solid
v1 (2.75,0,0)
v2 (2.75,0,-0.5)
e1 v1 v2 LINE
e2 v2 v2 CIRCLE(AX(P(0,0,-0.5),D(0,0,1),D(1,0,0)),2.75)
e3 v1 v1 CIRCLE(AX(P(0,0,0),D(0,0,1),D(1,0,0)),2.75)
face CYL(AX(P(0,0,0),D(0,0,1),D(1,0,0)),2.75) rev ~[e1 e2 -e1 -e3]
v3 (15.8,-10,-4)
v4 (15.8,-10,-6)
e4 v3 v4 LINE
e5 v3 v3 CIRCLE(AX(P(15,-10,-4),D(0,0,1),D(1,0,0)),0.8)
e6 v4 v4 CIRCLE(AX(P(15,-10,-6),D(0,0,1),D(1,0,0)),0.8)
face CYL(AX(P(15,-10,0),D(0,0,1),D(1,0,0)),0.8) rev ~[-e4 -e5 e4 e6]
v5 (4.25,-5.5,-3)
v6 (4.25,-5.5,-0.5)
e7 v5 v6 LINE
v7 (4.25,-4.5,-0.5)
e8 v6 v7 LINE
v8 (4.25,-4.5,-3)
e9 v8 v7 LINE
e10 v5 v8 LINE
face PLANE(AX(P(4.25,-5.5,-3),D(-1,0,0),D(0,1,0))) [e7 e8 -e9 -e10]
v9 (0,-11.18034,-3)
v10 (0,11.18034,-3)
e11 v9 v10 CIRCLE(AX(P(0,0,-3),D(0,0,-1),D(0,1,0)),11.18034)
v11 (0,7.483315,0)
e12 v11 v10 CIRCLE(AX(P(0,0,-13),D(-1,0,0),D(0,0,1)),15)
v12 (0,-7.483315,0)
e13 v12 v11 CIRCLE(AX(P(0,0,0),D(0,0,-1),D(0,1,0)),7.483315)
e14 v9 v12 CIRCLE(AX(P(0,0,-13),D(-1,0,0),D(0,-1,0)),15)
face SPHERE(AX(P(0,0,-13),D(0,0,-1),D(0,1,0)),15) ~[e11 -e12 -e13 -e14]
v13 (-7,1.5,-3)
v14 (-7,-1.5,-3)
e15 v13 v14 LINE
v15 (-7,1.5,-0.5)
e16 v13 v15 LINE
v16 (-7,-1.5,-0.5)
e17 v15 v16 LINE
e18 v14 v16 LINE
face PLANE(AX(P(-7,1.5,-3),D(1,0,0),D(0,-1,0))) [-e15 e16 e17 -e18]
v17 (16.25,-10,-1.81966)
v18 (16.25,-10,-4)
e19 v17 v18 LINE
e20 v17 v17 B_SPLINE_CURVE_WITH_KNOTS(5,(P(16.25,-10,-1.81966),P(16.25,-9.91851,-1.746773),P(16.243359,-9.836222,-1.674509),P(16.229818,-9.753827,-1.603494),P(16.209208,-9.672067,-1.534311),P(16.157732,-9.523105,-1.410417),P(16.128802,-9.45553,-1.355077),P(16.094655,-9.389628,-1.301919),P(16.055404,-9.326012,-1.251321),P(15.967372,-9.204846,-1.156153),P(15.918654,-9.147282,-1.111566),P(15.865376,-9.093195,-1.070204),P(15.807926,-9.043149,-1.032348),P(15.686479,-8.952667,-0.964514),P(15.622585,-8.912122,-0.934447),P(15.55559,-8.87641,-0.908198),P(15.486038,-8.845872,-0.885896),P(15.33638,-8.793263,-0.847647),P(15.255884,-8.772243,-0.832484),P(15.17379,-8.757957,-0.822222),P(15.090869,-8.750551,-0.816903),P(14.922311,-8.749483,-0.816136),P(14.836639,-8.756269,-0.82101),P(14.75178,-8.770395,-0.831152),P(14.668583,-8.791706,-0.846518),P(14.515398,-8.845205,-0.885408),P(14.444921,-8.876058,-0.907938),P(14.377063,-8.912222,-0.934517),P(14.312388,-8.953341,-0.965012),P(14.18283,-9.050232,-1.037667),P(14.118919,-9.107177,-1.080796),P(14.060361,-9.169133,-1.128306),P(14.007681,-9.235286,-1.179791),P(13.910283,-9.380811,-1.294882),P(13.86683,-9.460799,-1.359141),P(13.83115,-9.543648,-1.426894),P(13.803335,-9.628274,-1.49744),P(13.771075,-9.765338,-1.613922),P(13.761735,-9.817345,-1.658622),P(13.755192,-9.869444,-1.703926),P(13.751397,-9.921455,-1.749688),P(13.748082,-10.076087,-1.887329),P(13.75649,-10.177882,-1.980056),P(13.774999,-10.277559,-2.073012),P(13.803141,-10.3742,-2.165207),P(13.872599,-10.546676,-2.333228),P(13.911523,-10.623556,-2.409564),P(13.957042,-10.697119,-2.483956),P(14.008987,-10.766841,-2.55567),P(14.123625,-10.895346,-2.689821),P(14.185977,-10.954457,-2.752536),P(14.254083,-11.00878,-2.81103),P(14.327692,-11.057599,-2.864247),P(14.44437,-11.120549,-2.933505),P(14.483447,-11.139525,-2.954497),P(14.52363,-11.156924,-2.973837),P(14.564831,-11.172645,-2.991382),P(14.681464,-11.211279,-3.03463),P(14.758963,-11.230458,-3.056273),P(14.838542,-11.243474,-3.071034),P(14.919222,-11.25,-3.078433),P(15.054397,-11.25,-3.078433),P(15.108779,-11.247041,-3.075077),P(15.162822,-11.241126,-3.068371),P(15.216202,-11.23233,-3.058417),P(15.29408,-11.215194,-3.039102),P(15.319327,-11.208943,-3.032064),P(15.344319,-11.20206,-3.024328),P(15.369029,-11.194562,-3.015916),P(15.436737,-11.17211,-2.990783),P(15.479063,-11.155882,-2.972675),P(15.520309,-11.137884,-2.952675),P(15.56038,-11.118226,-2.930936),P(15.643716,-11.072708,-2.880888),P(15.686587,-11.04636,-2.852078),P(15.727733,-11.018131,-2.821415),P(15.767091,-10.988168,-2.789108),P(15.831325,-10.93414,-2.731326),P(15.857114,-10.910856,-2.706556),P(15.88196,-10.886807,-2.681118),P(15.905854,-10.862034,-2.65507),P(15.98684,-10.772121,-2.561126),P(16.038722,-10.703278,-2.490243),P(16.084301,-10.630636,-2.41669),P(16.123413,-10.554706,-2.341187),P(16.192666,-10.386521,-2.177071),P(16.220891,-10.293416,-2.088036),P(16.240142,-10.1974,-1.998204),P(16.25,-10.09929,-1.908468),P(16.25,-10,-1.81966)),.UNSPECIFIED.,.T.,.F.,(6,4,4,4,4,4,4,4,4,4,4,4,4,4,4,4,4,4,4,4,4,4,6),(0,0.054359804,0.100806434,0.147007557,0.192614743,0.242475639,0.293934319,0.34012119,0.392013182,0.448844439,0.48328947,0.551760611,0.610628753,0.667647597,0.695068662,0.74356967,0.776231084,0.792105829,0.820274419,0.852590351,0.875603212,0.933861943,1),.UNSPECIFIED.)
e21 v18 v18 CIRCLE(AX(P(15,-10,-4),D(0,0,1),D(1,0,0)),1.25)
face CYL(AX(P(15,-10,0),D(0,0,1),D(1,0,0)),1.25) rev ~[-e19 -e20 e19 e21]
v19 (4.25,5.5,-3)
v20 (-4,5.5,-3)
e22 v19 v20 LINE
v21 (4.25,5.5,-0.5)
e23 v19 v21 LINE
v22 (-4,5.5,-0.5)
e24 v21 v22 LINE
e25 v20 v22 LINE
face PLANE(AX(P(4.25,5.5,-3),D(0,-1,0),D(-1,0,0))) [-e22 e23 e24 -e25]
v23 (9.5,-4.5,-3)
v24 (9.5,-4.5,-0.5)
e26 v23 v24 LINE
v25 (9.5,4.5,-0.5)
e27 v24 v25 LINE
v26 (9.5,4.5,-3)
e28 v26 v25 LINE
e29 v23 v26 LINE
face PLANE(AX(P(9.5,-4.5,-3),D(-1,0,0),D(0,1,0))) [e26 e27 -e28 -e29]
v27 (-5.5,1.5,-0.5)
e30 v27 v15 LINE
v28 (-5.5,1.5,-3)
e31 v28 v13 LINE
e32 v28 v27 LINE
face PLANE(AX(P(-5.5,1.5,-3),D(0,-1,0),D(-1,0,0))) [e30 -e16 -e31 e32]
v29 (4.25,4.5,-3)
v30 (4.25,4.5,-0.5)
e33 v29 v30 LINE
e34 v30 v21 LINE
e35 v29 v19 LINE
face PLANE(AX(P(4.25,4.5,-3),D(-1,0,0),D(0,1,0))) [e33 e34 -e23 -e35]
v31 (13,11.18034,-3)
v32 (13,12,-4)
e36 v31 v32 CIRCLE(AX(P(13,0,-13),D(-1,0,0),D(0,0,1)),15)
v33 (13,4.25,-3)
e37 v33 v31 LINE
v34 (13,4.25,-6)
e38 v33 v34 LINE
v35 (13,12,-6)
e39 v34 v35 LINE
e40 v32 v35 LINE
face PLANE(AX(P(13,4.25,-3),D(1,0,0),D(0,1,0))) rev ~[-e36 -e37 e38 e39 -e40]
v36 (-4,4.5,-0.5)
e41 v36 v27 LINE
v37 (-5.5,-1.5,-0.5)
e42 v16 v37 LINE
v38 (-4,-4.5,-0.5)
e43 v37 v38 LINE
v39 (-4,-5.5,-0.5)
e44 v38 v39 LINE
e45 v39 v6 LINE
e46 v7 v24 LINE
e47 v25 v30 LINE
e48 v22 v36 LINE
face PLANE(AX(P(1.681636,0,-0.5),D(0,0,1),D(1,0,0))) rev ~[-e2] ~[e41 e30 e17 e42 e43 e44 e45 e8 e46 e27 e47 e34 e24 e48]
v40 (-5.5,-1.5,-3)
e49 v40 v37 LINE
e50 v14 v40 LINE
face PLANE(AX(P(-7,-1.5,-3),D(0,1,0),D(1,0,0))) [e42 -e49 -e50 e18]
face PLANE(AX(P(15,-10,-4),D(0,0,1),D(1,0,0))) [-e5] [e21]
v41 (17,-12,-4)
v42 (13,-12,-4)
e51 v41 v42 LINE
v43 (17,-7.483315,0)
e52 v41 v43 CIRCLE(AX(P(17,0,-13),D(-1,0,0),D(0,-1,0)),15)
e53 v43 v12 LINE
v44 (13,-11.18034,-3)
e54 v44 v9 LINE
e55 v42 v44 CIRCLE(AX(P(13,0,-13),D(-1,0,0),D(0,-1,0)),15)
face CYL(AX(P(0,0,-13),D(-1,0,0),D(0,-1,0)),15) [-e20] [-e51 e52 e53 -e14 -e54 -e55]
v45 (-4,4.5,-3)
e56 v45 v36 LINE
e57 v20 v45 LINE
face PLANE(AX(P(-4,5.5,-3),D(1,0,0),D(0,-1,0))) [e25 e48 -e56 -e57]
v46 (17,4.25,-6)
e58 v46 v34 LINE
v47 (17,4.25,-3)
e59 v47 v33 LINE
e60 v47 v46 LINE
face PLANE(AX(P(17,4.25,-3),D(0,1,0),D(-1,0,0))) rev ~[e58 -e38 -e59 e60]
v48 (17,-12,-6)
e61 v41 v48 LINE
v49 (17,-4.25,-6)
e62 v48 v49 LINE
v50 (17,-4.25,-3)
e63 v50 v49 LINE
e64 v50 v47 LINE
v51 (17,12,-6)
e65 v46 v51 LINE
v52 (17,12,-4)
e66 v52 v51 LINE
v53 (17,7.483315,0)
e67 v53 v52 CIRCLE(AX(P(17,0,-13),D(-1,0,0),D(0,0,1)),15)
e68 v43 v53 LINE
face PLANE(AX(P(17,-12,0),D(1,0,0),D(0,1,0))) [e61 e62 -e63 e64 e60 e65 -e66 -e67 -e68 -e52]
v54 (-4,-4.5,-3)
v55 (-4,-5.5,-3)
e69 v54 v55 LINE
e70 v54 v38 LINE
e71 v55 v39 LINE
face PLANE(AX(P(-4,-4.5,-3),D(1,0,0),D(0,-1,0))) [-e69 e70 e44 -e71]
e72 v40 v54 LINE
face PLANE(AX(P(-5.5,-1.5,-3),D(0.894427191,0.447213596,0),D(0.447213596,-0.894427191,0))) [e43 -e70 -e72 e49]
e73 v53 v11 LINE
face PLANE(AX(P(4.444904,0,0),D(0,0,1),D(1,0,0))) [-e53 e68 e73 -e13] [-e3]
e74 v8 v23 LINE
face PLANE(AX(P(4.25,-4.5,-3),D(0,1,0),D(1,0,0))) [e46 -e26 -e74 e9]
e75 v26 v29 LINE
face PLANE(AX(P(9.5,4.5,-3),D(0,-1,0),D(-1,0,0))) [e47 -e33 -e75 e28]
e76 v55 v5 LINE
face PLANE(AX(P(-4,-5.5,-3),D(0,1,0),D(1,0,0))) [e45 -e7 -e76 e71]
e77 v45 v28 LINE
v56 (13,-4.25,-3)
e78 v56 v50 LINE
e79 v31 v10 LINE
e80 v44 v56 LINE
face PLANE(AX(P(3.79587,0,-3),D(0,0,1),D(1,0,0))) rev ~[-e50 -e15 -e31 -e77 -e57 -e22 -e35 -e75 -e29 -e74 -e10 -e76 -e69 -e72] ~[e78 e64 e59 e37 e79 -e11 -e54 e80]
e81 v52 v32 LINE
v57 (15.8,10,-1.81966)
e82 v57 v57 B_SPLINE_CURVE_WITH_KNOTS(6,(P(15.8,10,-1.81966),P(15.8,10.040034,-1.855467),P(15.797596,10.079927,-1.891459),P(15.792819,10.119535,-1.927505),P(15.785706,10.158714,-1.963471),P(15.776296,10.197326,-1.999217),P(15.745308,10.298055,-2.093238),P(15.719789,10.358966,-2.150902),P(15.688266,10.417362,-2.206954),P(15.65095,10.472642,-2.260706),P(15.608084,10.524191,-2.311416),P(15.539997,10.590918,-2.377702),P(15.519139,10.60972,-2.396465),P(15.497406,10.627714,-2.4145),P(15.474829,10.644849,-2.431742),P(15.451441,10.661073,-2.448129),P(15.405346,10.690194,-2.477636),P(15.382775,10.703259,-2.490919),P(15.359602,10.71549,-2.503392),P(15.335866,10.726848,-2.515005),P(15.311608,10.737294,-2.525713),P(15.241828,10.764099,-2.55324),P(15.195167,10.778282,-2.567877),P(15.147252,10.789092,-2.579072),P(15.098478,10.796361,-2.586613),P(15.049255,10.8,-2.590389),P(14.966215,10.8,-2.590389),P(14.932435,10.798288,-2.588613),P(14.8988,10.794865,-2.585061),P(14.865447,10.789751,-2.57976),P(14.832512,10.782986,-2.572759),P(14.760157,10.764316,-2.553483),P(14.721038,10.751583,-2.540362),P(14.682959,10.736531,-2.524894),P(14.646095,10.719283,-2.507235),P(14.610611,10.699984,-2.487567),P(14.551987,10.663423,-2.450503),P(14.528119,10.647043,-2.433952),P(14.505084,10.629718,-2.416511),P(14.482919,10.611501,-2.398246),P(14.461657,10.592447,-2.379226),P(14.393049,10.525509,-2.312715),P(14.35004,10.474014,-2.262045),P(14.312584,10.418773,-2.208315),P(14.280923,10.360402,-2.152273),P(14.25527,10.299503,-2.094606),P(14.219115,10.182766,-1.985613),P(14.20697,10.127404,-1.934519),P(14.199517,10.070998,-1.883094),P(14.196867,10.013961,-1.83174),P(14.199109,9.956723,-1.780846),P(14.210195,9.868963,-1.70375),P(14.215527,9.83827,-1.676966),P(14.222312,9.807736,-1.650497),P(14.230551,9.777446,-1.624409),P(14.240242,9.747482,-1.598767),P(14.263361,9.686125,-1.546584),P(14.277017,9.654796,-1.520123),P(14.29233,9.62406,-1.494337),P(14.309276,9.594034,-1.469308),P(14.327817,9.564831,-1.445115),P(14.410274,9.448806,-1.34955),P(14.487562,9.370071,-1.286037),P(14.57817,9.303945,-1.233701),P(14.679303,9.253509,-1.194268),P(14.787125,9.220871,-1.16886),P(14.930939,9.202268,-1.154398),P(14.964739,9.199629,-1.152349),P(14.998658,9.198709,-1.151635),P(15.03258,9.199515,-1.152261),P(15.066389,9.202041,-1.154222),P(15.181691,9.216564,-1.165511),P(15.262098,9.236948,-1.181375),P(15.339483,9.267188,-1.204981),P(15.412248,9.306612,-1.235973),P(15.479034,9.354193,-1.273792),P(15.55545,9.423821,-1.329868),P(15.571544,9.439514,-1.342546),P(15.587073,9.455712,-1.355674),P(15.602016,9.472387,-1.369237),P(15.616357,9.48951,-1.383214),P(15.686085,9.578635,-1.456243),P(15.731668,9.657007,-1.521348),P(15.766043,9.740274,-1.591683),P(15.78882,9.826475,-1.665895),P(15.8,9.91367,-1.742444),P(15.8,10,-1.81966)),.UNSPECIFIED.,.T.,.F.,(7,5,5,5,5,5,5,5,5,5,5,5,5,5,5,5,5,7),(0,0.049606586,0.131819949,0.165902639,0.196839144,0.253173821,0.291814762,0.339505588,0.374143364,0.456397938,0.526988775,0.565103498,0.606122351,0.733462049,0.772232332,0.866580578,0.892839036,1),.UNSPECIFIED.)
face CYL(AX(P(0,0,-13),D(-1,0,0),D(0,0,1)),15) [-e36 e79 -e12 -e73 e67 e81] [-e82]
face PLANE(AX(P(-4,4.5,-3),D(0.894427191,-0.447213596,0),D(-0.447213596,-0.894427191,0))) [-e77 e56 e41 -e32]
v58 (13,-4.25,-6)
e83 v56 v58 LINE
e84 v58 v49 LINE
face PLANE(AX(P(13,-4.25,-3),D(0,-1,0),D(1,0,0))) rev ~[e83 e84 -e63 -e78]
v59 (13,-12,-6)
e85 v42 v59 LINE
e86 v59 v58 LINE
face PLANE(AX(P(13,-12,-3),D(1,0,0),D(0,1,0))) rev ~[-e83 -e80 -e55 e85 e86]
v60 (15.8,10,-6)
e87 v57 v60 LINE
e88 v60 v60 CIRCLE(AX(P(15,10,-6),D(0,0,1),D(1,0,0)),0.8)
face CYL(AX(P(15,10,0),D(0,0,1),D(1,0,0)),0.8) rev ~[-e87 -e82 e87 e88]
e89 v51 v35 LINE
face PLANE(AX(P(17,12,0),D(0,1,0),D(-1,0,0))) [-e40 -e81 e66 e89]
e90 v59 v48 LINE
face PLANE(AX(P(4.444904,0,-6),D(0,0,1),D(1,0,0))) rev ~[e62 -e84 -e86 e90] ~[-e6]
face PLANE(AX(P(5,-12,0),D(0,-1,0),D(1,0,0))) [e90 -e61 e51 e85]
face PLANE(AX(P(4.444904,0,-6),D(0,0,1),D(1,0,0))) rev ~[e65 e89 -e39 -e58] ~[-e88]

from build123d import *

# Parameters (mm, degrees)
SKETCH1_R           = 2.75
BOSS_EXTRUDE1_DEPTH = 6
BODY_START          = -3
SKETCH2_R           = 2.75
BODY_HOLE_DEPTH     = 3
POT_START           = -3
POT_INSERT_DEPTH    = 2.5
CUT_EXTRUDE2_DEPTH  = 23.226110771
CUT_REVOLVE1_ANGLE  = 180
SKETCH7_R           = 0.8
SCREW_HOLES_DEPTH   = 22.656407828
SKETCH9_R           = 1.25
SCREW_HEADS_DEPTH   = 4


with BuildPart() as part:
    # Sketch1 → Boss-Extrude1 (new body)
    with BuildSketch(Plane.XY):
        with BuildLine():
            Line((17, -12), (17, 12))
            Line((17, 12), (5, 12))
            ThreePointArc((5, 12), (-13, 0), (5, -12))
            Line((5, -12), (17, -12))
        make_face()
        Circle(SKETCH1_R, mode=Mode.SUBTRACT)
    extrude(amount=-BOSS_EXTRUDE1_DEPTH)

    # Sketch2 → Body Hole (cut)
    with BuildSketch(Plane.XY.offset(BODY_START)):
        with BuildLine():
            ThreePointArc((5, 12), (-13, 0), (5, -12))
            Line((5, -12), (13, -12))
            Line((13, -12), (13, -4.25))
            Line((13, -4.25), (17, -4.25))
            Line((17, -4.25), (17, 4.25))
            Line((17, 4.25), (13, 4.25))
            Line((13, 4.25), (13, 12))
            Line((13, 12), (5, 12))
        make_face()
        Circle(SKETCH2_R, mode=Mode.SUBTRACT)
    extrude(amount=-BODY_HOLE_DEPTH, mode=Mode.SUBTRACT)

    # Sketch8 → Pot Insert (cut)
    with BuildSketch(Plane(origin=(28.28760271, 0, 0), x_dir=(1, 0, 0), z_dir=(0, 0, 1)).offset(POT_START)):
        Polygon((-35.287602709, 0), (-35.287602709, -1.5), (-33.787602709, -1.5), (-32.287602709, -4.5), (-32.287602709, -5.5), (-28.287602709, -5.5), (-24.037602709, -5.5), (-24.037602709, -4.5), (-18.787602709, -4.5), (-18.787602709, 0), (-18.787602709, 4.5), (-24.037602709, 4.5), (-24.037602709, 5.5), (-28.287602709, 5.5), (-32.287602709, 5.5), (-32.287602709, 4.5), (-33.787602709, 1.5), (-35.287602709, 1.5), align=None)
    extrude(amount=POT_INSERT_DEPTH, mode=Mode.SUBTRACT)

    # Sketch3 → Cut-Extrude2 (cut, through all)
    with BuildSketch(Plane(origin=(0, 0, 0), x_dir=(0, 0, -1), z_dir=(1, 0, 0))):
        with BuildLine():
            ThreePointArc((-2, 0), (2.393398282, 10.606601718), (13, 15))
            Line((13, 15), (-2, 15))
            Line((-2, 15), (-2, 0))
        make_face()
        with BuildLine():
            ThreePointArc((13, -15), (2.393398282, -10.606601718), (-2, 0))
            Line((-2, 0), (-2, -15))
            Line((-2, -15), (13, -15))
        make_face()
    extrude(amount=CUT_EXTRUDE2_DEPTH, mode=Mode.SUBTRACT)

    # Sketch6 → Cut-Revolve1 (revolve, cut)
    with BuildSketch(Plane(origin=(0, 0, 0), x_dir=(0, 0, -1), z_dir=(1, 0, 0))):
        with BuildLine():
            ThreePointArc((-1, 5.385164807), (4.508164866, 12.36481848), (13, 15))
            Line((13, 15), (-2, 15))
            Line((-2, 15), (-2, 5.385164807))
            Line((-2, 5.385164807), (-1, 5.385164807))
        make_face()
    revolve(axis=Axis((0, 0, 0), (0, 0, 1)), revolution_arc=CUT_REVOLVE1_ANGLE, mode=Mode.SUBTRACT)

    # Sketch7 → Screw Holes (cut, through all)
    with BuildSketch(Plane.XY):
        with Locations((15, 10)):
            Circle(SKETCH7_R)
        with Locations((15, -10)):
            Circle(SKETCH7_R)
    extrude(amount=-SCREW_HOLES_DEPTH, mode=Mode.SUBTRACT)

    # Sketch9 → Screw Heads (cut)
    with BuildSketch(Plane.XY):
        with Locations((15, -10)):
            Circle(SKETCH9_R)
    extrude(amount=-SCREW_HEADS_DEPTH, mode=Mode.SUBTRACT)


solid = part.part
